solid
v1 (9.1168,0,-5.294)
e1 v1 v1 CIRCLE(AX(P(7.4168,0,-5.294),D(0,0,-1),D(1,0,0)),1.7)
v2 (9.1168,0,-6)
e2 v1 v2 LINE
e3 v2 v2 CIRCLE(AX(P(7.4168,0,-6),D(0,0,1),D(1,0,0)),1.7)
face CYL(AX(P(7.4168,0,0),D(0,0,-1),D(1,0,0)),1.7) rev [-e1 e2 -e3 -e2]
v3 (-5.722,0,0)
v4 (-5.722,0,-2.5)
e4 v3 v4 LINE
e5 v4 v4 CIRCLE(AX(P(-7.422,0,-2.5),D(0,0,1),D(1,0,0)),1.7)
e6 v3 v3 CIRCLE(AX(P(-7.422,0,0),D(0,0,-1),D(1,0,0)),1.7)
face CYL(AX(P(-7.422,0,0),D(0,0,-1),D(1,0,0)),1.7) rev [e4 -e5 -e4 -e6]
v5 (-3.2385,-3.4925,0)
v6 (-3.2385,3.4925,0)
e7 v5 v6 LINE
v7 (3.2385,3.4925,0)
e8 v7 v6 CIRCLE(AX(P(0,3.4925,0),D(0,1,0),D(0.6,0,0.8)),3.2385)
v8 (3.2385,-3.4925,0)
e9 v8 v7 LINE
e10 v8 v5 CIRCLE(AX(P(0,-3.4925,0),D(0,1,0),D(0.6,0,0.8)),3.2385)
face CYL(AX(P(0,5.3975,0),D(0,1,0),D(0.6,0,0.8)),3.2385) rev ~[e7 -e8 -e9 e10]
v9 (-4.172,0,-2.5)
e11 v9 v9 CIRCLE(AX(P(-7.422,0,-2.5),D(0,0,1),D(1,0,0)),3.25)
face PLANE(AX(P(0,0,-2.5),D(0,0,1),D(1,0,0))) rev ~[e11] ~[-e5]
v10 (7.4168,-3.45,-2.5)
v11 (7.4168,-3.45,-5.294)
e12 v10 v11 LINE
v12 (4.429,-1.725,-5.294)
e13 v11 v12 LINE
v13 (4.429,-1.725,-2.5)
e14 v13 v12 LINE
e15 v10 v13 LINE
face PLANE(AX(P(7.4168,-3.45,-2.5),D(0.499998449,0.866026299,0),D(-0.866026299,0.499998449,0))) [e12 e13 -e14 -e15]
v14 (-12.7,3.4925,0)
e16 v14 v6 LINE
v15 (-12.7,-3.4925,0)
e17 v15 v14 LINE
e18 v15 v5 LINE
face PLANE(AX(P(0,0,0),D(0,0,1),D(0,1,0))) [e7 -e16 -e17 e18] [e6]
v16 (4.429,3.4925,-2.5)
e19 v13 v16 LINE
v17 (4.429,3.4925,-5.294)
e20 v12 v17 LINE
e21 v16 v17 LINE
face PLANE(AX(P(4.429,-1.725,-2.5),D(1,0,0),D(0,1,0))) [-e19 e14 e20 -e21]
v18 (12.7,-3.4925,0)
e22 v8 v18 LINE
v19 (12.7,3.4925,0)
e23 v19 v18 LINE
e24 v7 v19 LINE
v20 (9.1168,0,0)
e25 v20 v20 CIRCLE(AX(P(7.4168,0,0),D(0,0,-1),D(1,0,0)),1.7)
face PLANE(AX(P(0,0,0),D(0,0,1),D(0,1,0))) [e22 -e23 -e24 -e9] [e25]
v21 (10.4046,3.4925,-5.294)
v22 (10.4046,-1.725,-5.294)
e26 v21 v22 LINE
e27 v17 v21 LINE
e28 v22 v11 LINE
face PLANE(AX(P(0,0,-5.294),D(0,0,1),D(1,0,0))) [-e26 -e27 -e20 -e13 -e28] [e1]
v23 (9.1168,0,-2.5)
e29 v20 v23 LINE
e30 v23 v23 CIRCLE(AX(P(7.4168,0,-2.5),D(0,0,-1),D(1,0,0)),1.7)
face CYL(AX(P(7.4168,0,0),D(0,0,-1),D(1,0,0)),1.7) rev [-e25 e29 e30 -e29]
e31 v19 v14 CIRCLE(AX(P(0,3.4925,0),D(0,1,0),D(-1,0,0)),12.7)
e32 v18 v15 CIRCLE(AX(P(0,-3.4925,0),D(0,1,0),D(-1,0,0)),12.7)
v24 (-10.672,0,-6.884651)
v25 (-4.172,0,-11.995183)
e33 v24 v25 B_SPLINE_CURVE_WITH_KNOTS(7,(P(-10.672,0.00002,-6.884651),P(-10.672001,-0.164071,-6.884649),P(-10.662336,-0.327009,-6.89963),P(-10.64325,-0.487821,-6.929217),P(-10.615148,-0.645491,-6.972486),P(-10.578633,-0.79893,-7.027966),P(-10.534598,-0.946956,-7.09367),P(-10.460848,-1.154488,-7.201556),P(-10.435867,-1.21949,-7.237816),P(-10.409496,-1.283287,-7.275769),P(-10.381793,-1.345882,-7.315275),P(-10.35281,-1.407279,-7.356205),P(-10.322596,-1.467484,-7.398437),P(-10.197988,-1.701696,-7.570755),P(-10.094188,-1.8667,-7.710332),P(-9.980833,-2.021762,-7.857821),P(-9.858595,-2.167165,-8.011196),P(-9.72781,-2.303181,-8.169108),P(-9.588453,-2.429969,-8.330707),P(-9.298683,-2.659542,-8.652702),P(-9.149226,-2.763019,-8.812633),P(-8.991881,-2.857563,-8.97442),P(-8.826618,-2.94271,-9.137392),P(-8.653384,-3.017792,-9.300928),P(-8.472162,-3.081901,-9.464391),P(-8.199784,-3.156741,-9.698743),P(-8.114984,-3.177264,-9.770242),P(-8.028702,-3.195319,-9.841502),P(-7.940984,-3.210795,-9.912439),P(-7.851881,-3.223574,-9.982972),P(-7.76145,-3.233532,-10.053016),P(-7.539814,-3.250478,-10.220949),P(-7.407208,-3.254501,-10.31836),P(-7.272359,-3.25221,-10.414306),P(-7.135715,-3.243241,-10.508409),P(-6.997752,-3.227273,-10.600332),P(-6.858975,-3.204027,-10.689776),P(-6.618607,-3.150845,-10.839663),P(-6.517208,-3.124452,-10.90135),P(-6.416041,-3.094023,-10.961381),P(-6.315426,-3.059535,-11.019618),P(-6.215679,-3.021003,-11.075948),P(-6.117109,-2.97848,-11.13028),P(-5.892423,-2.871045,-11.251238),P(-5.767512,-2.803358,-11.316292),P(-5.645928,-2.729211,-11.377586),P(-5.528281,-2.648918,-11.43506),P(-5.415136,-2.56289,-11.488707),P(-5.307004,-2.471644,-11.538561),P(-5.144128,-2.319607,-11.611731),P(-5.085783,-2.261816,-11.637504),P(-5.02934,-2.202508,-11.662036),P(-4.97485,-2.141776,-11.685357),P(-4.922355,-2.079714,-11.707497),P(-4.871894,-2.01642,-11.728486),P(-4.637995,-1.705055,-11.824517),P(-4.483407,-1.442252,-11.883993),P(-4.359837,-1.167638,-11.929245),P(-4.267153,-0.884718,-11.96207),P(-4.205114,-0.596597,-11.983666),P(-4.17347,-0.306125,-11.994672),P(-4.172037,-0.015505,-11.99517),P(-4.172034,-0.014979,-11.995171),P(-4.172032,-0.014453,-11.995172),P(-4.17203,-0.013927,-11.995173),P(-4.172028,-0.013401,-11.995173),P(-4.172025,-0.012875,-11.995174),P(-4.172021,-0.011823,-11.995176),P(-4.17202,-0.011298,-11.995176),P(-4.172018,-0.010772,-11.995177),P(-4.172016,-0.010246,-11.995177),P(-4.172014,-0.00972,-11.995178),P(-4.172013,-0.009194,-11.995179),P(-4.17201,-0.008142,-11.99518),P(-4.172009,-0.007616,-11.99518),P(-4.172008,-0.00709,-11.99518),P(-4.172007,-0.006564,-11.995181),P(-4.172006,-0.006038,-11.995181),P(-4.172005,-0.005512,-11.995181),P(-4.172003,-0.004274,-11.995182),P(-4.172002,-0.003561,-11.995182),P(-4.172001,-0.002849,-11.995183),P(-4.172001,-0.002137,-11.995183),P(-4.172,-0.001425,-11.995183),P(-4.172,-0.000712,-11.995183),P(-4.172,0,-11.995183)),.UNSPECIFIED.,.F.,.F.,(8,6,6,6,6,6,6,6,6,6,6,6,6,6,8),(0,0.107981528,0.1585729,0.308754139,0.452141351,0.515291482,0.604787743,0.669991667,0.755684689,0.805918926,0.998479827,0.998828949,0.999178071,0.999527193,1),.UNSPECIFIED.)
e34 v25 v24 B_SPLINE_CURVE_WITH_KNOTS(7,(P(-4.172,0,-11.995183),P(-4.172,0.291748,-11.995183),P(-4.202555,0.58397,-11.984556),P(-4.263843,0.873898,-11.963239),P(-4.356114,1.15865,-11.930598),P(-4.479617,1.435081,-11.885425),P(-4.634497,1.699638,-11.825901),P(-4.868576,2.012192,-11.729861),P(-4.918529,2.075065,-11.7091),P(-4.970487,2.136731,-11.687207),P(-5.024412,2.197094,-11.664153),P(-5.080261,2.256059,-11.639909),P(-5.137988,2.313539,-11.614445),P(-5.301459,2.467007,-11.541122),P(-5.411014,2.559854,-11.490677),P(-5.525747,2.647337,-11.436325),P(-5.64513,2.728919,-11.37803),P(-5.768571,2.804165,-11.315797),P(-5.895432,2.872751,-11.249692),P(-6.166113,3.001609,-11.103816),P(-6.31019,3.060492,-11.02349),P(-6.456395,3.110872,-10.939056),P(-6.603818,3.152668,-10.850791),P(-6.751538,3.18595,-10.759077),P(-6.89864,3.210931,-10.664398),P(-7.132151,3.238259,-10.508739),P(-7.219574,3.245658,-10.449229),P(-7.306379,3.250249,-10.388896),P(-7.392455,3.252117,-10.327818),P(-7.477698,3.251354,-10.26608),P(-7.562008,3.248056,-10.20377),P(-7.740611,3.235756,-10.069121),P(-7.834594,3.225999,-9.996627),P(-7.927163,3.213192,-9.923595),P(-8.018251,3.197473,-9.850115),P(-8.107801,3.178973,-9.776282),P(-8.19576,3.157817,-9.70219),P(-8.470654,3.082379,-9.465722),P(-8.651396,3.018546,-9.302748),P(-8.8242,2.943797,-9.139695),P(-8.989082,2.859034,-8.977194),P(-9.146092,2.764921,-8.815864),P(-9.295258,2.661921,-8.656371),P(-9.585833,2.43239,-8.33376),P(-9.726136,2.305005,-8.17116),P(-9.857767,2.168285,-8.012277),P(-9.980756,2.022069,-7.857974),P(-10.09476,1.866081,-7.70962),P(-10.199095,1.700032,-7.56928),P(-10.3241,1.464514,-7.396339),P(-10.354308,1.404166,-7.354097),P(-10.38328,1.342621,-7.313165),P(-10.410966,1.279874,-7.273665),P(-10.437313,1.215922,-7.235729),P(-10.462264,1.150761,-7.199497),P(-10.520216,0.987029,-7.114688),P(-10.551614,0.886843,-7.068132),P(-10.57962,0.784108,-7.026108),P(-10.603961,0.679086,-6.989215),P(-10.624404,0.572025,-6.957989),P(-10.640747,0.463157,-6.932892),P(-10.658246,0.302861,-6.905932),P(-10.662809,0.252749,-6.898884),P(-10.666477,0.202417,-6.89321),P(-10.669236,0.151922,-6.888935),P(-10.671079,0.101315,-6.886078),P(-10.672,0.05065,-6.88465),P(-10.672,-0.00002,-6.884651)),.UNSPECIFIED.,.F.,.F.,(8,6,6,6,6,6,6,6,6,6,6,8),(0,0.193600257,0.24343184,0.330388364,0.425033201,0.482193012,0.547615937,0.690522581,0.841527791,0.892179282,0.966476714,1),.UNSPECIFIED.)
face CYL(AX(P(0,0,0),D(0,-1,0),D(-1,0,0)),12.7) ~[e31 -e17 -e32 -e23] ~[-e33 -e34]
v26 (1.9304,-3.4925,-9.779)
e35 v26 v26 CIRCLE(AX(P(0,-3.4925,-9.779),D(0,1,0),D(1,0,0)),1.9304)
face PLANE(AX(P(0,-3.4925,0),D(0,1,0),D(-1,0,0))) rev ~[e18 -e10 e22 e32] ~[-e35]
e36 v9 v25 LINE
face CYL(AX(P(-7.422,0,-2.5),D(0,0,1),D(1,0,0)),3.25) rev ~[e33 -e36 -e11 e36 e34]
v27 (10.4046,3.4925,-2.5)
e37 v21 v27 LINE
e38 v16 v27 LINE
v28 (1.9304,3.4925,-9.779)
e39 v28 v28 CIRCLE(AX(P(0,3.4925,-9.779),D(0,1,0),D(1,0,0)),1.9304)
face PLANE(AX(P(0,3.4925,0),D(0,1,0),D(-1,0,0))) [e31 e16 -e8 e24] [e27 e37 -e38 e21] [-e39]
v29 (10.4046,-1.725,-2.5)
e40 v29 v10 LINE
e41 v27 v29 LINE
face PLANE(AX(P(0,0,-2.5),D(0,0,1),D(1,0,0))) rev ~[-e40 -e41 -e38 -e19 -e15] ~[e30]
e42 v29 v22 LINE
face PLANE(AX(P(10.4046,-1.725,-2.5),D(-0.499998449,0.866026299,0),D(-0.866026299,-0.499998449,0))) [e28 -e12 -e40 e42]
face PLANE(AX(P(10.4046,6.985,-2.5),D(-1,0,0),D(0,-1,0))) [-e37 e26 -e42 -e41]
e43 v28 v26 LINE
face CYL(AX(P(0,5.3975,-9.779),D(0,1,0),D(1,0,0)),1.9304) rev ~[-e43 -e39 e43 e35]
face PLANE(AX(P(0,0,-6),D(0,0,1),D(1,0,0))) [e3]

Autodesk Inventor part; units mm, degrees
sketch "Sketch1" plane through (0, 0, 0) normal (0, 1, 0) x (-1, 0, 0)
  circle A0 centre (0, 0) radius 12.7
  dimension "d75" = 25.4
extrude "Extrusion1" add sketch "Sketch1" along normal blind 3.4925 and the other way blind 3.4925
ref_plane "Work Plane1" through (0, 0, 2.5) normal (0, 0, 1) x (1, 0, 0)
ref_plane "Work Plane2" through (0, 0, -2.5) normal (0, 0, 1) x (1, 0, 0)
sketch "Sketch2" plane through (0, 0, 0) normal (0, 0, 1) x (1, 0, 0)
  circle A0 centre (7.4168, 0) radius 1.7
  circle A1 centre (-7.4168, 0) radius 1.7
  point P0 (0, 0)
  dimension "d5" = 3.4
  dimension "d6" = 7.4168
  dimension "d7" = 3.4
  dimension "d8" = 7.4168
extrude "Screw hole 2" cut sketch "Sketch2" along normal blind 2.5 and the other way blind 6 contours A0
sketch "Sketch3" plane through (0, 0, 2.5) normal (0, 0, 1) x (1, 0, 0)
  circle A0 centre (7.4168, 0) radius 1.7 projected
  circle A1 centre (7.4168, 0) radius 3.25
  point P0 (0, 0)
  dimension "d19" = 6.5
sketch "Sketch4" plane through (0, 0, -2.5) normal (0, 0, 1) x (1, 0, 0)
  circle A0 centre (7.4168, 0) radius 1.7 projected
  circle A1 centre (7.4168, 0) radius 3.45 construction
  line L0 (7.4168, -3.45) -> (4.429, -1.725)
  line L1 (4.429, -1.725) -> (4.429, 6.985)
  line L2 (10.4046, 6.985) -> (10.4046, -1.725)
  line L3 (10.4046, -1.725) -> (7.4168, -3.45)
  line L4 (10.4046, 6.985) -> (4.429, 6.985)
  point P0 (0, 0)
  dimension "d22" = 6.9
sketch "Sketch5" plane through (0, 0, -2.5) normal (0, 0, 1) x (1, 0, 0)
  circle A0 centre (-7.422, 0) radius 3.25
  point P0 (0, 0)
  dimension "d25" = 6.5
extrude "Access Hole 1" cut sketch "Sketch5" against normal through all
extrude "Access Hole 2" cut sketch "Sketch3" along normal through all contours A0 | A1
extrude "Nut well 2" cut sketch "Sketch4" against normal blind 2.794 contours A0 | L0 L1 L4 L2 L3
sketch "Sketch7" plane through (0, 0, 2.5) normal (0, 0, 1) x (1, 0, 0)
  circle A0 centre (-7.422, 0) radius 3.25 construction
  circle A1 centre (-7.422, 0) radius 3.45 construction
  line L0 (-7.422, -3.25) -> (-10.2365, -1.625)
  line L1 (-10.2365, -1.625) -> (-10.2365, 5.3975)
  line L2 (-4.6074, 5.3975) -> (-4.6074, -1.625)
  line L3 (-4.6074, -1.625) -> (-7.422, -3.25)
  line L4 (16.6201, 5.3975) -> (-16.6201, 5.3975) projected
  line L5 (-10.2365, 5.3975) -> (-4.6074, 5.3975)
  point P0 (0, 0)
  dimension "d48" = 6.9
extrude "Nut Well 1" cut sketch "Sketch7" along normal blind 2.794
sketch "Sketch8" plane through (0, 0, 0) normal (0, 0, 1) x (1, 0, 0)
  circle A0 centre (-7.422, 0) radius 3.25 projected
  circle A1 centre (-7.422, 0) radius 1.7
  point P0 (0, 0)
  dimension "d51" = 3.4
extrude "Screw Hole 1" cut sketch "Sketch8" along normal blind 6 and the other way blind 2.5 contours A1
ref_plane "Work Plane3" through (0, 5.3975, 0) normal (0, 1, 0) x (1, 0, 0)
sketch "Sketch9" plane through (0, 5.3975, 0) normal (0, 1, 0) x (1, 0, 0)
  arc A0 (1.9431, -2.5908) -> (-1.9431, -2.5908) centre (0, 0) ccw
  line L0 (-1.9431, -2.5908) -> (1.9431, -2.5908)
  dimension "d56" = 6.477
  dimension "d57" = 2.5908
extrude "Center shaft" cut sketch "Sketch9" against normal through all
ref_plane "Work Plane4" through (0, 5.3975, 0) normal (0, 1, 0) x (1, 0, 0)
sketch "Sketch10" plane through (0, 5.3975, 0) normal (0, 1, 0) x (1, 0, 0)
  circle A0 centre (0, 9.779) radius 1.9304
  circle A1 centre (0, -9.779) radius 1.9304
  point P0 (0, 0)
  point P1 (0, -8.001)
  dimension "d60" = 3.8608
  dimension "d61" = 9.779
  dimension "d62" = 3.8608
  dimension "d63" = 9.779
extrude "Wheel holes" cut sketch "Sketch10" against normal through all
split "Split1" plane through (0, 0, 0) removes the side toward (0, 0, 1)
equation "\"d63\" = d61"
properties part number "clamping hub .770 .25 D bore right"
